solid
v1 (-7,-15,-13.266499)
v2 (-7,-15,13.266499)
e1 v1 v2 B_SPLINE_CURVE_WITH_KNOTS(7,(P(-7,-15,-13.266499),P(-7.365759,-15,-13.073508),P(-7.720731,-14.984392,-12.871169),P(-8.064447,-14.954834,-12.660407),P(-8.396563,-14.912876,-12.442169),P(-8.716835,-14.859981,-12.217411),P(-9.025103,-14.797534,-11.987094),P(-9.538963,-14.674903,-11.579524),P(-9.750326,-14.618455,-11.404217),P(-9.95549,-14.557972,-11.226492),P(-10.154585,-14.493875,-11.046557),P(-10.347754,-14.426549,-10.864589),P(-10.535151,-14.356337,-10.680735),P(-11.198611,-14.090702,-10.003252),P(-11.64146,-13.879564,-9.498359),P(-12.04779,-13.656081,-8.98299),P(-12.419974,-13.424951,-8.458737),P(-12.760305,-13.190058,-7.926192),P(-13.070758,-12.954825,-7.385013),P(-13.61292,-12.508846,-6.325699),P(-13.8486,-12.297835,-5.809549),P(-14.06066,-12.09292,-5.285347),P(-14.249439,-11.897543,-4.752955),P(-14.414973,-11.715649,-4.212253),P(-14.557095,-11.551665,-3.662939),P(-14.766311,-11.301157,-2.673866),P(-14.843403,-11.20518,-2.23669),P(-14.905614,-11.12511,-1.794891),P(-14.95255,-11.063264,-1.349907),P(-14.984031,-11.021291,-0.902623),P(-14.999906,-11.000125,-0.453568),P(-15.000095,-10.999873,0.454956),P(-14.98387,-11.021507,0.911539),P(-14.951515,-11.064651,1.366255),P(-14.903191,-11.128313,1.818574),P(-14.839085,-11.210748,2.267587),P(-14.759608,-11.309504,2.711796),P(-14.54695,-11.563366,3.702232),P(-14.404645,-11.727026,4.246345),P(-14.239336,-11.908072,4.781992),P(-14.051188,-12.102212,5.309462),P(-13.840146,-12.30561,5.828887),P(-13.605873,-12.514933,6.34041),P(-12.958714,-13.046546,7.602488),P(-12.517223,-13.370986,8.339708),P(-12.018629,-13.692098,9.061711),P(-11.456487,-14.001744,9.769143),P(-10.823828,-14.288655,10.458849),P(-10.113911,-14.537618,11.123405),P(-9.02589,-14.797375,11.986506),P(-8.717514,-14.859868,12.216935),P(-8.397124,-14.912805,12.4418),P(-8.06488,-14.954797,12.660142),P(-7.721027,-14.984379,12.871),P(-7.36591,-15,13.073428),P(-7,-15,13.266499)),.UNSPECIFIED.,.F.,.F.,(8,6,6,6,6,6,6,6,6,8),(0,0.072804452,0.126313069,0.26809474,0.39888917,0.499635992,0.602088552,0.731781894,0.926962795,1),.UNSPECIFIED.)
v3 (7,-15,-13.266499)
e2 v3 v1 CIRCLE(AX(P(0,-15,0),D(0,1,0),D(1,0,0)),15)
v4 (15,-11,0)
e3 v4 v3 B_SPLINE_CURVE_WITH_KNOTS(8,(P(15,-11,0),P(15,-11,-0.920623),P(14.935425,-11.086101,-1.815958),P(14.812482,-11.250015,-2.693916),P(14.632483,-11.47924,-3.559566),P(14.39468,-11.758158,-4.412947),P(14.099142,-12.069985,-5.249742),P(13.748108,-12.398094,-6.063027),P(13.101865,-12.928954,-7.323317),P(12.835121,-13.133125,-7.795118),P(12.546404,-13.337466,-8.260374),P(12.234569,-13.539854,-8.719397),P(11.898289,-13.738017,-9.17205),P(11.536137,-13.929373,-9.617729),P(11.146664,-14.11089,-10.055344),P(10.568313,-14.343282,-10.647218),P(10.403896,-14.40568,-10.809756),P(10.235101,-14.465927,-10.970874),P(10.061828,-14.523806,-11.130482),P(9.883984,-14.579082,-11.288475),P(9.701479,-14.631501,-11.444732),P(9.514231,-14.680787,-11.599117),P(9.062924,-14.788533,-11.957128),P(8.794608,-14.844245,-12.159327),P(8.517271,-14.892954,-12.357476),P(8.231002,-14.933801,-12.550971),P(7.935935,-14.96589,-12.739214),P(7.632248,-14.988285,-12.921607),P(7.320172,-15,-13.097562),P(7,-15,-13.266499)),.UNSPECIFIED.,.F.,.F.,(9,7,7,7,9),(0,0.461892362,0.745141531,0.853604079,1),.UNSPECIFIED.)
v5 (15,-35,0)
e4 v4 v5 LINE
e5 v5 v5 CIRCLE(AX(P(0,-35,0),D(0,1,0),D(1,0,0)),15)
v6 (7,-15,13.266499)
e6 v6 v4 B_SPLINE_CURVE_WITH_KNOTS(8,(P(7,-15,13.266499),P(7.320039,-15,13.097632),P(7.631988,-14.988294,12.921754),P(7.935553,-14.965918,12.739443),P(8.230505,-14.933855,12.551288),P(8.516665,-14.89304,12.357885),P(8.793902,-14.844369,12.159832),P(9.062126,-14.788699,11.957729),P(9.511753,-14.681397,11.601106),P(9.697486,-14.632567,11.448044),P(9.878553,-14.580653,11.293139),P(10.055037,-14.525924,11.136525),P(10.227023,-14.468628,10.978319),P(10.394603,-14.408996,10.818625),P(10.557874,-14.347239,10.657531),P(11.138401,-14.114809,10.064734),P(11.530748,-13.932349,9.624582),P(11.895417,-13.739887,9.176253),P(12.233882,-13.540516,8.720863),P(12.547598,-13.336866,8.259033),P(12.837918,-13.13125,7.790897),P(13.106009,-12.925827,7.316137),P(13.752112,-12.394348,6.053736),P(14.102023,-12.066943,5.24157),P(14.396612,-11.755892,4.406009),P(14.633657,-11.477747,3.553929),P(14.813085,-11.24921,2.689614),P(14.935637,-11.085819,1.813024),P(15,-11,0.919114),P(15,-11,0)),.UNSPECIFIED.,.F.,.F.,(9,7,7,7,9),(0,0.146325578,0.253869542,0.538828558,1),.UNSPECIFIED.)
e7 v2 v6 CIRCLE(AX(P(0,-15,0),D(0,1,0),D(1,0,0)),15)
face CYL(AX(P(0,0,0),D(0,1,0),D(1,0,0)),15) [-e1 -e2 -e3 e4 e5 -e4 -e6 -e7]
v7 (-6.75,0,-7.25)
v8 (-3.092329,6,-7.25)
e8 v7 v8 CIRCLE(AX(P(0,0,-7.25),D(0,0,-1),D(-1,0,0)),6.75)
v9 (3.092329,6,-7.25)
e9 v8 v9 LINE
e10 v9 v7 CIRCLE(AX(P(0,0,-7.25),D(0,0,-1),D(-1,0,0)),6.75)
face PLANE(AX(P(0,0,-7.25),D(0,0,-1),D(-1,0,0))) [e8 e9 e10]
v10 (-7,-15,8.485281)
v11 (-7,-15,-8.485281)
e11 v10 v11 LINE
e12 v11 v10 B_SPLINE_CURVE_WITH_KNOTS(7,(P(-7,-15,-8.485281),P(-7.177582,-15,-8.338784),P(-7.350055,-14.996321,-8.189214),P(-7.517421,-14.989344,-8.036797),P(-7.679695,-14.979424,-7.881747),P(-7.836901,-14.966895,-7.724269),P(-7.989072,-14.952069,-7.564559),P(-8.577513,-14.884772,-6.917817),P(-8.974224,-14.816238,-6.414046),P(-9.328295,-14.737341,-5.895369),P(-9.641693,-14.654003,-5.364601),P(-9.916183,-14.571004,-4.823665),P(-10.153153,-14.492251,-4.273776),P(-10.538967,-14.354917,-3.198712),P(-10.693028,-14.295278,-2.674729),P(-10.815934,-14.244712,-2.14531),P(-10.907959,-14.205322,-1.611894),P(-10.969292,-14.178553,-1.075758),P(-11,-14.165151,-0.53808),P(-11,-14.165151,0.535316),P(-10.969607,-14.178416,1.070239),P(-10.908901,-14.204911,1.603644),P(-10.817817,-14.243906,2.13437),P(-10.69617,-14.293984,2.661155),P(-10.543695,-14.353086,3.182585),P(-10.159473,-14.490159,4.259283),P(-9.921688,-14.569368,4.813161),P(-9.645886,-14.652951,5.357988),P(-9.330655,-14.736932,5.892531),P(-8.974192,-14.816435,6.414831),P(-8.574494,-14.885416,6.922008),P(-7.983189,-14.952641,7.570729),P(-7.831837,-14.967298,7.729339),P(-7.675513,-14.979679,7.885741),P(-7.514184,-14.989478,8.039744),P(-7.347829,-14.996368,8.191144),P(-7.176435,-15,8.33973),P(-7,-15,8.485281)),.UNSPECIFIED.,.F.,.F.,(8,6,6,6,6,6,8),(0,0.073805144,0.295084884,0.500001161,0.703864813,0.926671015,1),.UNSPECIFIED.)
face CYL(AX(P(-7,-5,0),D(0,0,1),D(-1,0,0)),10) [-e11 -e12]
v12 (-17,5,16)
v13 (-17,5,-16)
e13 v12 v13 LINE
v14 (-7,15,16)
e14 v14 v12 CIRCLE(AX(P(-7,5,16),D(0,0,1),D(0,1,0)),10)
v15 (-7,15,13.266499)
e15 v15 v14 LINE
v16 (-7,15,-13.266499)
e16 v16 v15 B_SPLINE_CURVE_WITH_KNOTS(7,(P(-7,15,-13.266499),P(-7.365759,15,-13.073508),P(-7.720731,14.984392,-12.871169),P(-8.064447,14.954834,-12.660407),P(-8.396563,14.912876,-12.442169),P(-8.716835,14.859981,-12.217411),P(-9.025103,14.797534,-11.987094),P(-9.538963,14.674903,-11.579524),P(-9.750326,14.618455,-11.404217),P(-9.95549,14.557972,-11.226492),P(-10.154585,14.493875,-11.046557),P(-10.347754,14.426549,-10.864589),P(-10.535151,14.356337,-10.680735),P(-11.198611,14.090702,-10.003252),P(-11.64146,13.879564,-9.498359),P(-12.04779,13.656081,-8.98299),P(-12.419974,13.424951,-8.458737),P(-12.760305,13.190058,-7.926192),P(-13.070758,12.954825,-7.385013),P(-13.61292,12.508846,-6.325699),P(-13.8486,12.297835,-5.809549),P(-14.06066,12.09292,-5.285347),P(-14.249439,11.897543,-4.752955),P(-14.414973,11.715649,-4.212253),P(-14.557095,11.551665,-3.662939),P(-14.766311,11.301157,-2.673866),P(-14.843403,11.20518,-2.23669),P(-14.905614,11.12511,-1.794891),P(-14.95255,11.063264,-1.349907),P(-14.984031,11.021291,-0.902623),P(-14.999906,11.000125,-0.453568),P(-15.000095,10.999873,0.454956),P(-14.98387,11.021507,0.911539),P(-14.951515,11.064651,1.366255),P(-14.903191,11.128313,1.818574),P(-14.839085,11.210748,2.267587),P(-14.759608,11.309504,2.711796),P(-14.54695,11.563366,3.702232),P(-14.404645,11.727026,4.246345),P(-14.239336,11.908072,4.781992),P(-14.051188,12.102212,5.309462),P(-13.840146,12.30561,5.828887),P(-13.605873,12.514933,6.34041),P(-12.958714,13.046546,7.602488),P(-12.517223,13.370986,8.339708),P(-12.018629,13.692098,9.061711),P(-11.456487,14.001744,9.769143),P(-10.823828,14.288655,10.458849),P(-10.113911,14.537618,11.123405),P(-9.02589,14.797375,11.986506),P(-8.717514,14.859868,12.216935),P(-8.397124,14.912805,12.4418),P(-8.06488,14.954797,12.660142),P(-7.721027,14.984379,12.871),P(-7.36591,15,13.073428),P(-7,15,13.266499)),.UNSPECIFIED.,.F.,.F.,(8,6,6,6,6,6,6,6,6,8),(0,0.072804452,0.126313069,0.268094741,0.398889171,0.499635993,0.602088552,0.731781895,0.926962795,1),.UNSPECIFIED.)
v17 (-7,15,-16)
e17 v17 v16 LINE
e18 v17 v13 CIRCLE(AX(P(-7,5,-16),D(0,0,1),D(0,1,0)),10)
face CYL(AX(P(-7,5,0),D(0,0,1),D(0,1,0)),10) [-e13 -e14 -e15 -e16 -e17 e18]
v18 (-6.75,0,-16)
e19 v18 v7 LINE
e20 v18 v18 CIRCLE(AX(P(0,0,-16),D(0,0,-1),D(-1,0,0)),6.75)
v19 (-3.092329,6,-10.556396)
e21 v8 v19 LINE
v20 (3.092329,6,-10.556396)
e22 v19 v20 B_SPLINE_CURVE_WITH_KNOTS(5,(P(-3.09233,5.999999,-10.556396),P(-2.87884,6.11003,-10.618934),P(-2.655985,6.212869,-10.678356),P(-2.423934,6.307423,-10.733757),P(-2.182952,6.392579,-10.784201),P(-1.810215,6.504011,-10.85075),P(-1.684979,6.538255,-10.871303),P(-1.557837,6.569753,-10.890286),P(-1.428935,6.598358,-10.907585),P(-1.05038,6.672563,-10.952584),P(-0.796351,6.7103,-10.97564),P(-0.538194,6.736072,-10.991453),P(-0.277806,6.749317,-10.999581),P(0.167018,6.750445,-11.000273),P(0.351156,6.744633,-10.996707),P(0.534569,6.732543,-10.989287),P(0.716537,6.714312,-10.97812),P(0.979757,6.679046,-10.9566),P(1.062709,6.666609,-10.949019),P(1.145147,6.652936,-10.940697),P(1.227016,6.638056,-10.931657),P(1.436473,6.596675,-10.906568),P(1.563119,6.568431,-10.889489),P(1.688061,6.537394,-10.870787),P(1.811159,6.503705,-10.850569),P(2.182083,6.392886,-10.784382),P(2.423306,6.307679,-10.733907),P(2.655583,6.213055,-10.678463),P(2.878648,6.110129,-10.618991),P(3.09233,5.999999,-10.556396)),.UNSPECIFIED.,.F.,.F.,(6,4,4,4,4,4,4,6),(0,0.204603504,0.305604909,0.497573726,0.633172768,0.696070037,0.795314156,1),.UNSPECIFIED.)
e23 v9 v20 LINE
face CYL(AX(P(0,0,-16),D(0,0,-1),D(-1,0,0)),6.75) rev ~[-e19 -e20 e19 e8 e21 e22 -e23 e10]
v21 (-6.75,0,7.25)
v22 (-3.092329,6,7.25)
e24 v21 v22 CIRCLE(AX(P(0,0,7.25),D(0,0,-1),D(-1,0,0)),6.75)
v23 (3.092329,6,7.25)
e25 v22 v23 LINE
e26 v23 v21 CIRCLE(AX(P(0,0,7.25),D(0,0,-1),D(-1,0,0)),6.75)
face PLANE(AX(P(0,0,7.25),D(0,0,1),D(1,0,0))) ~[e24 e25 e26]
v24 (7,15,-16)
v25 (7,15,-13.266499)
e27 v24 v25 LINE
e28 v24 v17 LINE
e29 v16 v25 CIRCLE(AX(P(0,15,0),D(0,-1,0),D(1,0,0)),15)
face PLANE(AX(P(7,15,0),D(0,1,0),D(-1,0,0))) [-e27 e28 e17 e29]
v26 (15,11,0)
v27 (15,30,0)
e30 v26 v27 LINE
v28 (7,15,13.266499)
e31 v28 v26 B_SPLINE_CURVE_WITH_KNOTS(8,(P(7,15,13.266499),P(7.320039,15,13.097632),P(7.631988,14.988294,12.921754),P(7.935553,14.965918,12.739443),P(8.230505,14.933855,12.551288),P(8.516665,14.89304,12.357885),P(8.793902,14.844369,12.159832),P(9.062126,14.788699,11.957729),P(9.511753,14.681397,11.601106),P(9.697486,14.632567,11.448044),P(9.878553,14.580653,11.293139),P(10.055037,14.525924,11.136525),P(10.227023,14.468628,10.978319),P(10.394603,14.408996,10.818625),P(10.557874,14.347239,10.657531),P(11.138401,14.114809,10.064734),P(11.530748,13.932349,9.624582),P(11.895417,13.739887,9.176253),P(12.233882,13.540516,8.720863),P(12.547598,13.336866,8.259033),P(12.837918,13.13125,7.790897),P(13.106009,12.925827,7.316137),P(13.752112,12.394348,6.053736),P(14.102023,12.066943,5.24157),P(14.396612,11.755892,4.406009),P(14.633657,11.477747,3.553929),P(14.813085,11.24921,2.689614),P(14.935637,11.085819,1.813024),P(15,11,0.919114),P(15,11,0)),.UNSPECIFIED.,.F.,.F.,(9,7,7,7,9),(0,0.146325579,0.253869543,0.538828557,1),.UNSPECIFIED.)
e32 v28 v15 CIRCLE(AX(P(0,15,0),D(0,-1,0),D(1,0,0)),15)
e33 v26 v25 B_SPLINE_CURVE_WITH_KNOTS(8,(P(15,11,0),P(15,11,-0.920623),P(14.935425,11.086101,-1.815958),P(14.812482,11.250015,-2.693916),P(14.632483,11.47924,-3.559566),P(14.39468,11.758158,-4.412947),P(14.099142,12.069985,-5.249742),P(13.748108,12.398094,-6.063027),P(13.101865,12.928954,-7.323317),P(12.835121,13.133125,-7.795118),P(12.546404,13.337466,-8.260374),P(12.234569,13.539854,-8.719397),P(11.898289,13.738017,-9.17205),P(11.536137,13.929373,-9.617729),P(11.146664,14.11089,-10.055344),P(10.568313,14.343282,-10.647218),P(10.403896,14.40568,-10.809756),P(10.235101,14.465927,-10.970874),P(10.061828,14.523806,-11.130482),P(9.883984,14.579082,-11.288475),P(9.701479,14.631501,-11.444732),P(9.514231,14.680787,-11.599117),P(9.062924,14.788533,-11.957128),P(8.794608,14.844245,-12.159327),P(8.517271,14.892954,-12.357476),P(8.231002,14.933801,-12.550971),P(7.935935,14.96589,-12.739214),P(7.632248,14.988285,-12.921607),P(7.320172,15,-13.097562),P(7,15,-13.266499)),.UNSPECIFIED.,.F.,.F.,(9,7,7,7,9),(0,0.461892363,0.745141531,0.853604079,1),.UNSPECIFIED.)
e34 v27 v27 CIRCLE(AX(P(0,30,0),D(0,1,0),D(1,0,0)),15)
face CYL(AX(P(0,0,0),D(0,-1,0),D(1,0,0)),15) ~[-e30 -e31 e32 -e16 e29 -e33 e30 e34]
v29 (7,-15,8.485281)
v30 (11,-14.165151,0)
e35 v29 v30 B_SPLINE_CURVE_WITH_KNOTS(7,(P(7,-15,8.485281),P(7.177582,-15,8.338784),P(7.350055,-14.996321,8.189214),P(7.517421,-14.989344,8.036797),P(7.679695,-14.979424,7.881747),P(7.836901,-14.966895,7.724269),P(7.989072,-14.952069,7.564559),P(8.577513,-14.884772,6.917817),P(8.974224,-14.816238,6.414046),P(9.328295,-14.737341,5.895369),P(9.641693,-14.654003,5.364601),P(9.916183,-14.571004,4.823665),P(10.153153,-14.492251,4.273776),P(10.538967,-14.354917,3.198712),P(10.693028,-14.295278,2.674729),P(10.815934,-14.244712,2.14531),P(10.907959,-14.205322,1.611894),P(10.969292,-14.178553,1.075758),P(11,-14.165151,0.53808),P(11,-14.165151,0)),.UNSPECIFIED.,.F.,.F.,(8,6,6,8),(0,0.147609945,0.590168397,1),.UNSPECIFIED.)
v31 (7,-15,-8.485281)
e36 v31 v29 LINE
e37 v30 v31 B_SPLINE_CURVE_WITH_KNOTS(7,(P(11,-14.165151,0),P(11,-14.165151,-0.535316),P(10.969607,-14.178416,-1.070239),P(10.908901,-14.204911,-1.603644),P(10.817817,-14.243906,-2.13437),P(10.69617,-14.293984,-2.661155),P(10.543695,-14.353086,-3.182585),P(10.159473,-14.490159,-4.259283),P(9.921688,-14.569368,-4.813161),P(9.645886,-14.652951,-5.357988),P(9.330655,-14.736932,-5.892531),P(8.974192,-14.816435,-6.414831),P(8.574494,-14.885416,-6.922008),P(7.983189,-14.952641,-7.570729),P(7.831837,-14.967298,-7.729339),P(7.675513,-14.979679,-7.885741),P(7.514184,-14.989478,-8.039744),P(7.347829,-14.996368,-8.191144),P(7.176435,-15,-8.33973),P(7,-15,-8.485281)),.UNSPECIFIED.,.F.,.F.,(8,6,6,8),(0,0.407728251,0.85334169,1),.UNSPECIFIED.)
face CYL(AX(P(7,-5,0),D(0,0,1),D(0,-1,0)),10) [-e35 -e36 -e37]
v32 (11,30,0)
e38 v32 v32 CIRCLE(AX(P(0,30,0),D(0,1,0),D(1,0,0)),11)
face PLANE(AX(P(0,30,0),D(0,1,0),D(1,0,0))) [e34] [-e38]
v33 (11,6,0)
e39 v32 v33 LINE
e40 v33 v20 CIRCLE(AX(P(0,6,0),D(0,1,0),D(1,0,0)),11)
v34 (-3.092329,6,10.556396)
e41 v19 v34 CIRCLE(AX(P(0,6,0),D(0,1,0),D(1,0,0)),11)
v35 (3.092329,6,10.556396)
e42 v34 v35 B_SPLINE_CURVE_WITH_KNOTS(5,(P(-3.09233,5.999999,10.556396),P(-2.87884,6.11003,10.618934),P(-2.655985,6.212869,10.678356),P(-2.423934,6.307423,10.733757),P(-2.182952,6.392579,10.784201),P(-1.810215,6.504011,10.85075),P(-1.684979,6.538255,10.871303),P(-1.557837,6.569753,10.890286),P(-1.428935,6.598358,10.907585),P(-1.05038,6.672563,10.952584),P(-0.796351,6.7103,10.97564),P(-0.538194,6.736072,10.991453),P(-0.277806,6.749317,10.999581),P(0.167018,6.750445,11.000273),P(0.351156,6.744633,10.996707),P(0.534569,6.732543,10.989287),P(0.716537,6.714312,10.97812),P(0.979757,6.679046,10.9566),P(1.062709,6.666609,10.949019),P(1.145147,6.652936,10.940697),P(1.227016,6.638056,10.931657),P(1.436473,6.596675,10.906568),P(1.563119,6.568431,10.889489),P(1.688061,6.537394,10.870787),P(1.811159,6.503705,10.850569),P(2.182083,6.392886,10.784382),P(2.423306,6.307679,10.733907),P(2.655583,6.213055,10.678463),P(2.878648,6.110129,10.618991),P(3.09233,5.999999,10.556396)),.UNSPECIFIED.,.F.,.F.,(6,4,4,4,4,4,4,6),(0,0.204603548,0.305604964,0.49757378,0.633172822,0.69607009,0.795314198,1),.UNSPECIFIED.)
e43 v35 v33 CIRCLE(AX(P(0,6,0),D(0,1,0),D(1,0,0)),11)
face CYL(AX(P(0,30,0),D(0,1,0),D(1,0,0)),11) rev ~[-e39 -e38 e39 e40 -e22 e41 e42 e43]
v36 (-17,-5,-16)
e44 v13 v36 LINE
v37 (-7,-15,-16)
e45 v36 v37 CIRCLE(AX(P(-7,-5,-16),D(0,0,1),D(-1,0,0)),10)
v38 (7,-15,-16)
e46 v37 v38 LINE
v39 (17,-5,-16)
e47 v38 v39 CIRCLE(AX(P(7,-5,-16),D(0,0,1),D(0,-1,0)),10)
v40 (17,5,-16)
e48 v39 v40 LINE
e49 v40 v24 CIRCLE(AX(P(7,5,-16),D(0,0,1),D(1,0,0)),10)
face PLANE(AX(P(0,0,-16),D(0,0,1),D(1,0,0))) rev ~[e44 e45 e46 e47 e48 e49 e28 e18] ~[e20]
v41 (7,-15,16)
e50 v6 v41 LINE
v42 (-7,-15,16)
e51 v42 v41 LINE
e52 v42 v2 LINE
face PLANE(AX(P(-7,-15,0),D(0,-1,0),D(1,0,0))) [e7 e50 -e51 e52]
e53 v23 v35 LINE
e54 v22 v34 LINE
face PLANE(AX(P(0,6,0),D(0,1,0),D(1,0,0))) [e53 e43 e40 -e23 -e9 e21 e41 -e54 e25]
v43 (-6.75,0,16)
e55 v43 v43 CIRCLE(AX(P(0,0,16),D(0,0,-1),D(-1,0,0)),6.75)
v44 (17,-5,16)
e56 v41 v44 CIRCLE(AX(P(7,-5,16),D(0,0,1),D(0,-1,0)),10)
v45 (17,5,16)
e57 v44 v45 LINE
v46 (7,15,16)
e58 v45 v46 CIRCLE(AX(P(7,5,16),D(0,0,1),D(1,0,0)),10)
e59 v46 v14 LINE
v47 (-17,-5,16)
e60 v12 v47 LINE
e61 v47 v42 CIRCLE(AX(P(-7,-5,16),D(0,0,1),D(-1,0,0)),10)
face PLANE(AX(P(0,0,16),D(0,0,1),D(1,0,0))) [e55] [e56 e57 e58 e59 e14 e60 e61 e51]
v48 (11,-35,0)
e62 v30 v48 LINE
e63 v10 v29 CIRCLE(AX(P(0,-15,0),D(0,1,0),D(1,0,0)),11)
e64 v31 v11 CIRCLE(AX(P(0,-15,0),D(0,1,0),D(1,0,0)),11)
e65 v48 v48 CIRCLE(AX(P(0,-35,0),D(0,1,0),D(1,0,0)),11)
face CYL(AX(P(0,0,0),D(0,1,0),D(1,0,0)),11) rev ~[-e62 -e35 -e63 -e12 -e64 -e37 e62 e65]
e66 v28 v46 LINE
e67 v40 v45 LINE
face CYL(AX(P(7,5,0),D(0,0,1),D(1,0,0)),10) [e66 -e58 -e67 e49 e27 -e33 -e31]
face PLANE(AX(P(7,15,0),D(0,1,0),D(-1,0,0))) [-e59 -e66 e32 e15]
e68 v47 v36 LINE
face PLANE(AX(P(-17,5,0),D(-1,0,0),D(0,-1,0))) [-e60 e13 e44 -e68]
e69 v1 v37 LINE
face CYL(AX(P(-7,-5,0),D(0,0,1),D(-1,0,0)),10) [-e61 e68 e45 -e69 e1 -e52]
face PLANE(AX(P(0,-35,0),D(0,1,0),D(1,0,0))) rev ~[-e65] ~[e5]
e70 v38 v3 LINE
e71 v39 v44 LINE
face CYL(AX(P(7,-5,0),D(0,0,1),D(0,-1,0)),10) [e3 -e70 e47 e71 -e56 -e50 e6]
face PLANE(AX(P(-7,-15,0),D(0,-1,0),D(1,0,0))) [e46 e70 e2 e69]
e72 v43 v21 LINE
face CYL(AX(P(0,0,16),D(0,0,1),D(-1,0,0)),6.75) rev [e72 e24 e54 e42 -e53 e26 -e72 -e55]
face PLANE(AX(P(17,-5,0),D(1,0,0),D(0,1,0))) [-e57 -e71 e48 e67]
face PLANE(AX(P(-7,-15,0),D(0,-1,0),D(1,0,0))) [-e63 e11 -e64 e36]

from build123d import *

# Parameters (mm, degrees)
BOSS_EXTRUDE1_DEPTH      = 16
SKETCH2_R                = 15
SKETCH2_R_2              = 11
BOSS_EXTRUDE2_DEPTH      = 30
BOSS_EXTRUDE2_DEPTH_BACK = 35
SKETCH3_R                = 6.75
CUT_EXTRUDE1_DEPTH       = 8.75
SKETCH4_R                = 11
CUT_EXTRUDE2_DEPTH       = 24


with BuildPart() as part:
    # Sketch1 → Boss-Extrude1 (new body, symmetric)
    with BuildSketch(Plane.XY):
        with BuildLine():
            Line((-7, -15), (7, -15))
            ThreePointArc((7, -15), (14.071067812, -12.071067812), (17, -5))
            Line((17, -5), (17, 5))
            ThreePointArc((17, 5), (14.071067812, 12.071067812), (7, 15))
            Line((7, 15), (-7, 15))
            ThreePointArc((-7, 15), (-14.071067812, 12.071067812), (-17, 5))
            Line((-17, 5), (-17, -5))
            ThreePointArc((-17, -5), (-14.071067812, -12.071067812), (-7, -15))
        make_face()
    extrude(amount=BOSS_EXTRUDE1_DEPTH, both=True)

    # Sketch2 → Boss-Extrude2 (add, two sides)
    with BuildSketch(Plane(origin=(0, 0, 0), x_dir=(1, 0, 0), z_dir=(0, 1, 0))) as boss_extrude2_sk:
        Circle(SKETCH2_R)
        Circle(SKETCH2_R_2, mode=Mode.SUBTRACT)
    extrude(amount=BOSS_EXTRUDE2_DEPTH)
    extrude(boss_extrude2_sk.sketch, amount=-BOSS_EXTRUDE2_DEPTH_BACK)

    # Sketch3 → Cut-Extrude1 (cut)
    with BuildSketch(Plane(origin=(0, 0, -16), x_dir=(-1, 0, 0), z_dir=(0, 0, -1))):
        Circle(SKETCH3_R)
    cut_extrude1 = extrude(amount=-CUT_EXTRUDE1_DEPTH, mode=Mode.SUBTRACT)

    # Mirror1: Cut-Extrude1 across plane
    add(cut_extrude1.mirror(Plane.XY), mode=Mode.SUBTRACT)

    # Sketch4 → Cut-Extrude2 (cut)
    with BuildSketch(Plane(origin=(0, 30, 0), x_dir=(1, 0, 0), z_dir=(0, 1, 0))):
        Circle(SKETCH4_R)
    extrude(amount=-CUT_EXTRUDE2_DEPTH, mode=Mode.SUBTRACT)


solid = part.part
